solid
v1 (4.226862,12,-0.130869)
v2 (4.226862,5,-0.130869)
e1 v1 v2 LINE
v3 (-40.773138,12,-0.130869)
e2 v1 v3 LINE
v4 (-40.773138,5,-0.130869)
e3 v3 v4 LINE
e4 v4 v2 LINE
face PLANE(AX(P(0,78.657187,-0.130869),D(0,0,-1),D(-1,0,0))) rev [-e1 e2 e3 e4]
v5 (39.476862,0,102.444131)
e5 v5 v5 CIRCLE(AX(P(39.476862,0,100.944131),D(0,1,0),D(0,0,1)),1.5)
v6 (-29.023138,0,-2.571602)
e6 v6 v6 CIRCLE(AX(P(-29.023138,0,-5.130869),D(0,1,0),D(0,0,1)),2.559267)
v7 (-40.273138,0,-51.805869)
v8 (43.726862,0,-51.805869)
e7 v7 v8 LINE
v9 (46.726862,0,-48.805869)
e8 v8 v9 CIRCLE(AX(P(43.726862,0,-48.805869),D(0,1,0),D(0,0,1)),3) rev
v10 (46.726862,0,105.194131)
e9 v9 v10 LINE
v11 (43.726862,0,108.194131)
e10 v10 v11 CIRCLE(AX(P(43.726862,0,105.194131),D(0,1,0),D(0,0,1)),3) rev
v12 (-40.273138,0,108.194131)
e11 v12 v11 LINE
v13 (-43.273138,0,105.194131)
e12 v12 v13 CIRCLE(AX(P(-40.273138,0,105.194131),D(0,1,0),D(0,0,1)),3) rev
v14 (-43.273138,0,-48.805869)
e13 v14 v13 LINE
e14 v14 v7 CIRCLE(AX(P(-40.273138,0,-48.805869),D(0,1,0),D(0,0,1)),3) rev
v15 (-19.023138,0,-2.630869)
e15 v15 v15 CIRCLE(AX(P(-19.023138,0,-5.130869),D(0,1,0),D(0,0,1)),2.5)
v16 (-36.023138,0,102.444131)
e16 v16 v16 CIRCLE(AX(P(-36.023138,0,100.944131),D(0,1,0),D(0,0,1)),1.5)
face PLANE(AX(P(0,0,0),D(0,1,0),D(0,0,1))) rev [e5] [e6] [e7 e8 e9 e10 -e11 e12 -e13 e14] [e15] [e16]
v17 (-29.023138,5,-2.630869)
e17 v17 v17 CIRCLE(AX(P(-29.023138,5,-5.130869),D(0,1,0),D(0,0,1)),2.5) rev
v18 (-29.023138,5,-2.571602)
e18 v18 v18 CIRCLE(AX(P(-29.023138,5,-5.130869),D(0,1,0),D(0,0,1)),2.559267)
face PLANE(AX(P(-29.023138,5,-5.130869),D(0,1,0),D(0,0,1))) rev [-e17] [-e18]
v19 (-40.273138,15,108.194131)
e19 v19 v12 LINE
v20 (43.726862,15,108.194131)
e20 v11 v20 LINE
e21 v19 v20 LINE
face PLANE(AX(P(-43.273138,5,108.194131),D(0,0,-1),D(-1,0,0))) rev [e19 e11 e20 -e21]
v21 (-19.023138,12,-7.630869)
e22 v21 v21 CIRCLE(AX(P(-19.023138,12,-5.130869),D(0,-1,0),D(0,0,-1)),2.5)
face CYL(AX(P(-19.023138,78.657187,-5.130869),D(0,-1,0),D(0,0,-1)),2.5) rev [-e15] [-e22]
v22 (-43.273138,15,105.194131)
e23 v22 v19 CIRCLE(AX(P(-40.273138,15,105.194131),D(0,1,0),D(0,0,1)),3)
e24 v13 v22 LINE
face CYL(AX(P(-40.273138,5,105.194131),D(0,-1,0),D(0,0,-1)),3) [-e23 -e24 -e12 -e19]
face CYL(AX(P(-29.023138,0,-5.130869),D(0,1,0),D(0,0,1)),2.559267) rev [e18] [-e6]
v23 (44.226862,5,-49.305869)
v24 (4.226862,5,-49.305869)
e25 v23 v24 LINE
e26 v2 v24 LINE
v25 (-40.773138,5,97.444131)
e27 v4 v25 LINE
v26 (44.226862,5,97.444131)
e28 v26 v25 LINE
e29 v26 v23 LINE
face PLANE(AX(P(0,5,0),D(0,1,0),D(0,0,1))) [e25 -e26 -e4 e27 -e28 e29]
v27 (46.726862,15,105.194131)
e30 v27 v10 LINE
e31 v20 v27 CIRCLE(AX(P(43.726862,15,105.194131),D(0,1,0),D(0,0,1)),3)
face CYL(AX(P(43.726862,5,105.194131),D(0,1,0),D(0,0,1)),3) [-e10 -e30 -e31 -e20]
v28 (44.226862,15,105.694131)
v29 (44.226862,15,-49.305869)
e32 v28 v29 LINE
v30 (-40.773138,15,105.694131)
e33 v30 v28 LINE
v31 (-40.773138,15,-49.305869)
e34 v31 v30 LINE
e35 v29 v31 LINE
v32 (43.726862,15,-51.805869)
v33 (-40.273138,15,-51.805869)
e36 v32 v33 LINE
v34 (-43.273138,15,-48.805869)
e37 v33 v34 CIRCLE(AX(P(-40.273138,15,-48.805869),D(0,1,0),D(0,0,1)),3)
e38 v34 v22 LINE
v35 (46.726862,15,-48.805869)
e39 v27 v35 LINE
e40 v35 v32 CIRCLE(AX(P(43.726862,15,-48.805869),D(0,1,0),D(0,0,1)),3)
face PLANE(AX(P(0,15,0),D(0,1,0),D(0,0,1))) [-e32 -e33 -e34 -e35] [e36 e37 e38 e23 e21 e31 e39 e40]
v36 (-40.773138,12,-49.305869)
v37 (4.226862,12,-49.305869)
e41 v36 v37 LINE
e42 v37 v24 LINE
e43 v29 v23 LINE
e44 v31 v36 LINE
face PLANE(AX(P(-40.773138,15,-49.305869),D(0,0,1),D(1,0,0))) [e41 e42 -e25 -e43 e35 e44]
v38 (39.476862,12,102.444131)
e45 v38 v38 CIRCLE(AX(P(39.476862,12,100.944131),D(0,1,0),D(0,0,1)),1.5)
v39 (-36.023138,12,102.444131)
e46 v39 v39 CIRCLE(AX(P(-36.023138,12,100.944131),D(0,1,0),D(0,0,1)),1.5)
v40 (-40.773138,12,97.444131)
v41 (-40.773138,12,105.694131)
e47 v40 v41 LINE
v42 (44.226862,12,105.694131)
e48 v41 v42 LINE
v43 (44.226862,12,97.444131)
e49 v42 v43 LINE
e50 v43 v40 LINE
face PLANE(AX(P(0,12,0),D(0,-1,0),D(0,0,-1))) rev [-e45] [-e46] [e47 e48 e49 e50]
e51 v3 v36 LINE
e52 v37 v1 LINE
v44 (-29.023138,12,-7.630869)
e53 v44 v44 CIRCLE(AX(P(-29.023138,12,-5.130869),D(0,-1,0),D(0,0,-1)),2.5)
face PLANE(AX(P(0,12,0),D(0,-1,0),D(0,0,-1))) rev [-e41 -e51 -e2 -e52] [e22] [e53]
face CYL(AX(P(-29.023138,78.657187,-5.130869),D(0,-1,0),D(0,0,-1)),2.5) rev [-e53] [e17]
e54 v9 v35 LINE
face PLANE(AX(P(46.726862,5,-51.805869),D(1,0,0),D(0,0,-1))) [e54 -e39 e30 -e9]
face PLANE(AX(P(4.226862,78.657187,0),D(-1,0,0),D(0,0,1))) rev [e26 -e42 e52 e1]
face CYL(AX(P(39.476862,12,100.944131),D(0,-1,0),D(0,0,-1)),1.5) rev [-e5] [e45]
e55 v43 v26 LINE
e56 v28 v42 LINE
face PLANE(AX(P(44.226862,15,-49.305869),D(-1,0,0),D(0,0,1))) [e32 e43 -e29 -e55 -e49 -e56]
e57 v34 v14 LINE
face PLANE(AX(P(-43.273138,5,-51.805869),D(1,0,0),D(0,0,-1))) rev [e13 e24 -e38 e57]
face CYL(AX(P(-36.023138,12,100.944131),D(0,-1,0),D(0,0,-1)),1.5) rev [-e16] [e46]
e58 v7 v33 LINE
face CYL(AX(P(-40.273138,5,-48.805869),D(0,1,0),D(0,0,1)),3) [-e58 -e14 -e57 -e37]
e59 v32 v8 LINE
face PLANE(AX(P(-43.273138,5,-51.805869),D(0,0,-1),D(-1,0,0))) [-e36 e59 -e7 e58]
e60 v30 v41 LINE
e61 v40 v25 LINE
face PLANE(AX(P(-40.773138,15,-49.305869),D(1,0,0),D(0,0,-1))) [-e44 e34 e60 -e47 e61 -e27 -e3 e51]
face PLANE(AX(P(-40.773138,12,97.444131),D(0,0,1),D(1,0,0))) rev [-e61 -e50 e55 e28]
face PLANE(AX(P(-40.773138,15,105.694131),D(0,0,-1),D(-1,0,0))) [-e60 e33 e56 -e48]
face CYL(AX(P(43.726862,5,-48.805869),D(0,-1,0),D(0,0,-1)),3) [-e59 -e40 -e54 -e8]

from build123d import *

# Parameters (mm, degrees)
SKETCH1_W           = 90
SKETCH1_H           = 160
BOSS_EXTRUDE1_DEPTH = 5
SKETCH2_W           = 90
SKETCH2_H           = 160
SKETCH2_W_2         = 85
SKETCH2_H_2         = 155
BOSS_EXTRUDE2_DEPTH = 10
SKETCH3_W           = 85
SKETCH3_H           = 8.25
SKETCH3_R           = 1.5
BOSS_EXTRUDE3_DEPTH = 7
SKETCH4_W           = 45
SKETCH4_H           = 39.175
SKETCH4_H_2         = 10
SKETCH4_R           = 2.5
BOSS_EXTRUDE4_DEPTH = 7
FILLET1_R           = 3
SKETCH5_R           = 2.5
SKETCH5_R_2         = 2.55926668
SKETCH5_R_3         = 1.5
CUT_EXTRUDE1_DEPTH  = 119.276665608


with BuildPart() as part:
    # Sketch1 → Boss-Extrude1 (new body)
    with BuildSketch(Plane(origin=(0, 0, 0), x_dir=(1, 0, 0), z_dir=(0, 1, 0))):
        with Locations((1.726862302, -28.194130926)):
            Rectangle(SKETCH1_W, SKETCH1_H)
    extrude(amount=BOSS_EXTRUDE1_DEPTH)

    # Sketch2 → Boss-Extrude2 (add)
    with BuildSketch(Plane(origin=(0, 5, 0), x_dir=(1, 0, 0), z_dir=(0, 1, 0))):
        with Locations((1.726862302, -28.194130926)):
            Rectangle(SKETCH2_W, SKETCH2_H)
        with Locations((1.726862302, -28.194130926)):
            Rectangle(SKETCH2_W_2, SKETCH2_H_2, mode=Mode.SUBTRACT)
    extrude(amount=BOSS_EXTRUDE2_DEPTH)

    # Sketch3 → Boss-Extrude3 (add)
    with BuildSketch(Plane(origin=(0, 5, 0), x_dir=(1, 0, 0), z_dir=(0, 1, 0))):
        with Locations((1.726862302, -101.569130926)):
            Rectangle(SKETCH3_W, SKETCH3_H)
        with Locations(Location((-36.023137698, -100.944130926, 0), (0, 0, 270))):
            Circle(SKETCH3_R, mode=Mode.SUBTRACT)
        with Locations(Location((39.476862302, -100.944130926, 0), (0, 0, 270))):
            Circle(SKETCH3_R, mode=Mode.SUBTRACT)
    extrude(amount=BOSS_EXTRUDE3_DEPTH)

    # Sketch4 → Boss-Extrude4 (add)
    # profile 1 of 2: a face of its own
    with BuildSketch(Plane(origin=(0, 5, 0), x_dir=(1, 0, 0), z_dir=(0, 1, 0))):
        with Locations((-18.273137698, 29.718369074)):
            Rectangle(SKETCH4_W, SKETCH4_H)
    # profile 2 of 2: a face of its own
    with BuildSketch(Plane(origin=(0, 5, 0), x_dir=(1, 0, 0), z_dir=(0, 1, 0))):
        with Locations((-18.273137698, 5.130869074)):
            Rectangle(SKETCH4_W, SKETCH4_H_2)
        with Locations(Location((-29.023137698, 5.130869074, 0), (0, 0, 90))):
            Circle(SKETCH4_R, mode=Mode.SUBTRACT)
        with Locations(Location((-19.023137698, 5.130869074, 0), (0, 0, 90))):
            Circle(SKETCH4_R, mode=Mode.SUBTRACT)
    extrude(amount=BOSS_EXTRUDE4_DEPTH)

    # Fillet1
    fillet1_edges = [part.edges().sort_by_distance(p)[0] for p in [
        (-43.273137698, 7.5, -51.805869074),
        (46.726862302, 7.5, -51.805869074),
        (46.726862302, 7.5, 108.194130926),
        (-43.273137698, 7.5, 108.194130926),
    ]]
    fillet(fillet1_edges, radius=FILLET1_R)

    # Sketch5 → Cut-Extrude1 (cut, through all)
    with BuildSketch(Plane(origin=(0, 5, 0), x_dir=(1, 0, 0), z_dir=(0, 1, 0))):
        with Locations(Location((-19.023137698, 5.130869074, 0), (0, 0, 90))):
            Circle(SKETCH5_R)
        with Locations(Location((-29.023137698, 5.130869074, 0), (0, 0, 270))):
            Circle(SKETCH5_R_2)
        with Locations(Location((-36.023137698, -100.944130926, 0), (0, 0, 270))):
            Circle(SKETCH5_R_3)
        with Locations(Location((39.476862302, -100.944130926, 0), (0, 0, 270))):
            Circle(SKETCH5_R_3)
    extrude(amount=-CUT_EXTRUDE1_DEPTH, mode=Mode.SUBTRACT)


solid = part.part
